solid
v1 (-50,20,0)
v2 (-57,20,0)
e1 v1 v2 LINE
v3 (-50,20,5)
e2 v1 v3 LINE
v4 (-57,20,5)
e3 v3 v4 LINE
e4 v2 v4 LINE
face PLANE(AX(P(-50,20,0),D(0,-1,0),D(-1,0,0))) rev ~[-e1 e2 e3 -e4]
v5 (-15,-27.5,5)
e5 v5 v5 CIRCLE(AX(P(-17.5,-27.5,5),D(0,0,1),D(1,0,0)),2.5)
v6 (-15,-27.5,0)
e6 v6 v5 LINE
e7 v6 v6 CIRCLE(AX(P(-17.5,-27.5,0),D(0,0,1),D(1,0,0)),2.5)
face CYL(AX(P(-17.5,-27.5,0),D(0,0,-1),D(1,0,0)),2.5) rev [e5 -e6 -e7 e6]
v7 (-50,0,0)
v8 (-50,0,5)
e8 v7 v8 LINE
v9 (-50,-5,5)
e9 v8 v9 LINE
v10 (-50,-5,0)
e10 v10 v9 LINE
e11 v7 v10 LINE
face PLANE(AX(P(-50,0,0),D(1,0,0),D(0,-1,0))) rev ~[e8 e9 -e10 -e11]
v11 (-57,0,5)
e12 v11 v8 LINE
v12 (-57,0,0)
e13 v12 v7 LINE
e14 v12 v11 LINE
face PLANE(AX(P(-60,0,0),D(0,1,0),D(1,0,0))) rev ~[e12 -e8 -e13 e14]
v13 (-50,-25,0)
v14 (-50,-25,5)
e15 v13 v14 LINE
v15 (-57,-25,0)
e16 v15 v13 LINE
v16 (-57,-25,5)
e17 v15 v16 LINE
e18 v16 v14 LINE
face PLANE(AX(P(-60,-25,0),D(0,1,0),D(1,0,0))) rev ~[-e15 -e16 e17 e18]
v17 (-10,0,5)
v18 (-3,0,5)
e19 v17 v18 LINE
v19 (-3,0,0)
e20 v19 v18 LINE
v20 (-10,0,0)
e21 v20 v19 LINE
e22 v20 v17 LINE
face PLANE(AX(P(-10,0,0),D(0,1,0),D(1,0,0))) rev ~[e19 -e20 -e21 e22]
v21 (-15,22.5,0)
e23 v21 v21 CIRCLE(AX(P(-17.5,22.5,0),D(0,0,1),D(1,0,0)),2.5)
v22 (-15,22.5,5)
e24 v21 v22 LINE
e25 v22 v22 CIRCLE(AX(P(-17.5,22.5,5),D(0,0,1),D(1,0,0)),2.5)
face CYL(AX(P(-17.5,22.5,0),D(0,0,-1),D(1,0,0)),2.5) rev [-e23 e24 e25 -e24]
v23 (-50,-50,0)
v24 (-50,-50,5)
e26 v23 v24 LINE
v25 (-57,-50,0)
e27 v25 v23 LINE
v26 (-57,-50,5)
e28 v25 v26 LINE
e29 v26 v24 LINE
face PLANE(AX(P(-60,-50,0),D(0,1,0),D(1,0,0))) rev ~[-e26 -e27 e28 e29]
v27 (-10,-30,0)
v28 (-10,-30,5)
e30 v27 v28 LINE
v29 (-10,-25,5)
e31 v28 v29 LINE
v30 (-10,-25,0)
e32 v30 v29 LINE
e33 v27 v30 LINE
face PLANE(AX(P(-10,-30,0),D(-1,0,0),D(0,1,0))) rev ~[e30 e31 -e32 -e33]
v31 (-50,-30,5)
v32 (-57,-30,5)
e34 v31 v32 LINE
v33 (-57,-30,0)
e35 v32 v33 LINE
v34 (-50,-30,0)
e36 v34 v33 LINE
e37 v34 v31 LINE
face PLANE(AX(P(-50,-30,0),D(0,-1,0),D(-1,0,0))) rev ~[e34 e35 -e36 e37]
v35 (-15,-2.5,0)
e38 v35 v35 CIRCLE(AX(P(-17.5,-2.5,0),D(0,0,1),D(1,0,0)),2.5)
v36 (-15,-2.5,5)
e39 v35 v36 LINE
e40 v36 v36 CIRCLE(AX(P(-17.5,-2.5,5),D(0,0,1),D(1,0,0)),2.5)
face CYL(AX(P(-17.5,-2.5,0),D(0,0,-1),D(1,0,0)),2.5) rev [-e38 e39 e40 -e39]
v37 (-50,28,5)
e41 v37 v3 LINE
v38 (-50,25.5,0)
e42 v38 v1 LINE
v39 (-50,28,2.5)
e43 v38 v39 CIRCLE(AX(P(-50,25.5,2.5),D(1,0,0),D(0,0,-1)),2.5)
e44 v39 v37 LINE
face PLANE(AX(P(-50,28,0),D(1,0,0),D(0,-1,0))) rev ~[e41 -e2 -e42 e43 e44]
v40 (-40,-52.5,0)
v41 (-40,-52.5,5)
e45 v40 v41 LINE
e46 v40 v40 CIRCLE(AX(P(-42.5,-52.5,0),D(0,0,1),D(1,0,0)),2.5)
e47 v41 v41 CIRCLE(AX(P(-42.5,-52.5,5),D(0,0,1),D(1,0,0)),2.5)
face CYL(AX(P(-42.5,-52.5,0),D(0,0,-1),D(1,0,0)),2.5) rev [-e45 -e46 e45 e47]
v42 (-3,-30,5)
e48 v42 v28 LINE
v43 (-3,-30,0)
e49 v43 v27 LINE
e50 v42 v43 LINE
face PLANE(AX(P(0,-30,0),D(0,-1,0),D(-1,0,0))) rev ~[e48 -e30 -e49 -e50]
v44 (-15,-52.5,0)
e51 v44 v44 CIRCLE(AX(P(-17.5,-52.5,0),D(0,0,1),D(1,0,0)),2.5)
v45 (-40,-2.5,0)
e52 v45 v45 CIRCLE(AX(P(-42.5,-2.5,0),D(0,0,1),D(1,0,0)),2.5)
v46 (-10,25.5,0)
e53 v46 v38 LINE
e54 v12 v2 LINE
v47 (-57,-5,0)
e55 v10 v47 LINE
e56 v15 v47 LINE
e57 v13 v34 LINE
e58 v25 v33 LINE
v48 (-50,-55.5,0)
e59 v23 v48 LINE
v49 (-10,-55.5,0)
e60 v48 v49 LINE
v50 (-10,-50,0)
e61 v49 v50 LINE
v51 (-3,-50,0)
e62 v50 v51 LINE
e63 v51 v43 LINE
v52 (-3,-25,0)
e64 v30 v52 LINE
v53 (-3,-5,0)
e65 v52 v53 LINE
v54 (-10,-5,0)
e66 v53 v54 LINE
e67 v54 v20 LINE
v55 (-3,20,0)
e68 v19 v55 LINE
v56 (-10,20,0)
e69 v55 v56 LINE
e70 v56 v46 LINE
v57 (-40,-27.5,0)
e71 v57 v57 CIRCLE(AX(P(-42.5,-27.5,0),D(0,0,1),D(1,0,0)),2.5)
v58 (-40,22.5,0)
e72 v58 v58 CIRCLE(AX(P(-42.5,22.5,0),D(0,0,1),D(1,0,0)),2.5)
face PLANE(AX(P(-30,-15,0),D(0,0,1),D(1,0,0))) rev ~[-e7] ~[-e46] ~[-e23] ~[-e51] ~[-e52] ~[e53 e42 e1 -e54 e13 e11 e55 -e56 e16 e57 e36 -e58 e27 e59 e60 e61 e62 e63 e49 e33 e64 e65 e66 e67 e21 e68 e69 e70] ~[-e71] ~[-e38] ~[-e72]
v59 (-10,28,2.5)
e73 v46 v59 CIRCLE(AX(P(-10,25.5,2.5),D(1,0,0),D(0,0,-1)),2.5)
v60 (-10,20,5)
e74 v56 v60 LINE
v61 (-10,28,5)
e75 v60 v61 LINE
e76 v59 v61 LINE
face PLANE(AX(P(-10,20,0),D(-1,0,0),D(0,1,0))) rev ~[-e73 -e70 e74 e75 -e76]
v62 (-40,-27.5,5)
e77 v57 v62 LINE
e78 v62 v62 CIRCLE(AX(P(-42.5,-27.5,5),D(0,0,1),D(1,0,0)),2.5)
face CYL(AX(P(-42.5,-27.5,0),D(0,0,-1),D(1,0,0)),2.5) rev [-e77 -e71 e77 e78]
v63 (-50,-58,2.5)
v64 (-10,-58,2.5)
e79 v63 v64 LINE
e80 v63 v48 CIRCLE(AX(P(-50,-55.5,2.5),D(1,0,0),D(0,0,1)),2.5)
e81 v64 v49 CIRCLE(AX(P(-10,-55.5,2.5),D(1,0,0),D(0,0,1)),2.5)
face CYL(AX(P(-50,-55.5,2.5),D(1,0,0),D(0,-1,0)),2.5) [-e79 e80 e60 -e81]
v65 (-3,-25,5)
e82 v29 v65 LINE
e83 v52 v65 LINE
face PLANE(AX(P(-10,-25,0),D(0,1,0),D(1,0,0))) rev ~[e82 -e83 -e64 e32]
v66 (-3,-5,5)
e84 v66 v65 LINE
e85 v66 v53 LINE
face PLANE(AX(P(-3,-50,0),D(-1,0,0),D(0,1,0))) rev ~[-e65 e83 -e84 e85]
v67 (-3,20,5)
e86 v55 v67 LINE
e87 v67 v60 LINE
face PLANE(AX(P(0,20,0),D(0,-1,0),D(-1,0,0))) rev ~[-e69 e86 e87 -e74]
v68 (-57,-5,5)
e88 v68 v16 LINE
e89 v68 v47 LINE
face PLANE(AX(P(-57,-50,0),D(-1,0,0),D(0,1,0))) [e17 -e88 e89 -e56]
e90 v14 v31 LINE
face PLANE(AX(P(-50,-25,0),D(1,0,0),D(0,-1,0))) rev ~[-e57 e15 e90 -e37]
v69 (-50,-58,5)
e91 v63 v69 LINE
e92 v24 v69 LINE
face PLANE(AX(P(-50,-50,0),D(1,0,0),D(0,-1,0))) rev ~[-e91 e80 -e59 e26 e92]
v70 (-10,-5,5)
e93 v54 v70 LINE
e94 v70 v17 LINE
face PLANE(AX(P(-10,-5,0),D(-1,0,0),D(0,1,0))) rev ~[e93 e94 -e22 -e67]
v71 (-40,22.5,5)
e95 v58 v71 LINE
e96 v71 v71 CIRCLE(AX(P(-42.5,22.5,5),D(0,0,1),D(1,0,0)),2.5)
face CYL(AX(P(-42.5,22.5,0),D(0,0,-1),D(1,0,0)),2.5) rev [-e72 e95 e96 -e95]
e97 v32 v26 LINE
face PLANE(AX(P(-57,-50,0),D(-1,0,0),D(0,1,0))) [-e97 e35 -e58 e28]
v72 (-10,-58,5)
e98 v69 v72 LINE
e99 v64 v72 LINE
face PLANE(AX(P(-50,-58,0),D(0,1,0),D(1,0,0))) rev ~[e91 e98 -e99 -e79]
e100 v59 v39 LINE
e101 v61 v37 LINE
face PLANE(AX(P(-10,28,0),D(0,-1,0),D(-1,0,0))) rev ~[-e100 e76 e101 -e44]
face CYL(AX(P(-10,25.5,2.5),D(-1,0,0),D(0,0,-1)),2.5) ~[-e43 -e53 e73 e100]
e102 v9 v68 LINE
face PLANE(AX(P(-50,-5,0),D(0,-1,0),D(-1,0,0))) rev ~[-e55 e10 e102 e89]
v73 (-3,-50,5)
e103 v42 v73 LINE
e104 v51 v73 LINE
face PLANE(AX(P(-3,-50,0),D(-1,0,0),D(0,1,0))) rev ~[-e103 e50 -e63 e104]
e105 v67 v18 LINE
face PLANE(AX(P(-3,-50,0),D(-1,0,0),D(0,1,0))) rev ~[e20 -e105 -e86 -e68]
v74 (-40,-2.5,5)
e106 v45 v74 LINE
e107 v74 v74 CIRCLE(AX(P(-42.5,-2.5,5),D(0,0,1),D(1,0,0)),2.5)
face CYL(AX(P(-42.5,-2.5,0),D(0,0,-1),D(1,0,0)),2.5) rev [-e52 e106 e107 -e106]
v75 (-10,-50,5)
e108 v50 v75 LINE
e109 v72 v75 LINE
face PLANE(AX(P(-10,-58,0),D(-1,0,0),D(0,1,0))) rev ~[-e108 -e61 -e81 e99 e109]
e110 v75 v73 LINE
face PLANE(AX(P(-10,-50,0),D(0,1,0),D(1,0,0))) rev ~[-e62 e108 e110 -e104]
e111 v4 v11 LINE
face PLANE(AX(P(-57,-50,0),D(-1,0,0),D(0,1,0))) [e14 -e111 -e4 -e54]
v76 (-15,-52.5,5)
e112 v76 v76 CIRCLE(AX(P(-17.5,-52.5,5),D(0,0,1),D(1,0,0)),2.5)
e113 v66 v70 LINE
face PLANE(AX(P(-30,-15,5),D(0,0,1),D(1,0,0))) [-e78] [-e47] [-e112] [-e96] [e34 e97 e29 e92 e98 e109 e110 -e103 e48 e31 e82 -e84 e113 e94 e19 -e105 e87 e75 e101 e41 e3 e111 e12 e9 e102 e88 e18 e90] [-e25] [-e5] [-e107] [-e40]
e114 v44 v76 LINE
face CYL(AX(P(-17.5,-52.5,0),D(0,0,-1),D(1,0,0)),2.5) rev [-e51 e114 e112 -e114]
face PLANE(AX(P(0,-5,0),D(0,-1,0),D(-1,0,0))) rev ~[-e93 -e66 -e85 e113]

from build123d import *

# Parameters (mm, degrees)
SKETCH1_R           = 2.5
BOSS_EXTRUDE1_DEPTH = 5
FILLET1_R           = 2.5
FILLET2_R           = 2.5
SKETCH2_W           = 3
SKETCH2_H           = 70
CUT_EXTRUDE3_DEPTH  = 10


with BuildPart() as part:
    # Sketch1 → Boss-Extrude1 (new body)
    with BuildSketch(Plane.XY):
        Polygon((-50, 20), (-60, 20), (-60, 0), (-50, 0), (-50, -5), (-60, -5), (-60, -25), (-50, -25), (-50, -30), (-60, -30), (-60, -50), (-50, -50), (-50, -58), (-10, -58), (-10, -50), (0, -50), (0, -30), (-10, -30), (-10, -25), (0, -25), (0, -5), (-10, -5), (-10, 0), (0, 0), (0, 20), (-10, 20), (-10, 28), (-50, 28), align=None)
        with Locations((-42.5, 22.5)):
            Circle(SKETCH1_R, mode=Mode.SUBTRACT)
        with Locations((-17.5, 22.5)):
            Circle(SKETCH1_R, mode=Mode.SUBTRACT)
        with Locations((-42.5, -2.5)):
            Circle(SKETCH1_R, mode=Mode.SUBTRACT)
        with Locations((-17.5, -2.5)):
            Circle(SKETCH1_R, mode=Mode.SUBTRACT)
        with Locations((-17.5, -27.5)):
            Circle(SKETCH1_R, mode=Mode.SUBTRACT)
        with Locations((-42.5, -27.5)):
            Circle(SKETCH1_R, mode=Mode.SUBTRACT)
        with Locations((-17.5, -52.5)):
            Circle(SKETCH1_R, mode=Mode.SUBTRACT)
        with Locations((-42.5, -52.5)):
            Circle(SKETCH1_R, mode=Mode.SUBTRACT)
    extrude(amount=BOSS_EXTRUDE1_DEPTH)

    # Fillet1
    fillet1_edges = [part.edges().sort_by_distance(p)[0] for p in [
        (-30, -58, 0),
    ]]
    fillet(fillet1_edges, radius=FILLET1_R)

    # Fillet2
    fillet2_edges = [part.edges().sort_by_distance(p)[0] for p in [
        (-30, 28, 0),
    ]]
    fillet(fillet2_edges, radius=FILLET2_R)

    # Sketch2 → Cut-Extrude3 (cut)
    with BuildSketch(Plane(origin=(0, 0, 0), x_dir=(-1, 0, 0), z_dir=(0, 0, -1))):
        with Locations((58.5, -15)):
            Rectangle(SKETCH2_W, SKETCH2_H)
        with Locations((1.5, -15)):
            Rectangle(SKETCH2_W, SKETCH2_H)
    extrude(amount=-CUT_EXTRUDE3_DEPTH, mode=Mode.SUBTRACT)


solid = part.part
